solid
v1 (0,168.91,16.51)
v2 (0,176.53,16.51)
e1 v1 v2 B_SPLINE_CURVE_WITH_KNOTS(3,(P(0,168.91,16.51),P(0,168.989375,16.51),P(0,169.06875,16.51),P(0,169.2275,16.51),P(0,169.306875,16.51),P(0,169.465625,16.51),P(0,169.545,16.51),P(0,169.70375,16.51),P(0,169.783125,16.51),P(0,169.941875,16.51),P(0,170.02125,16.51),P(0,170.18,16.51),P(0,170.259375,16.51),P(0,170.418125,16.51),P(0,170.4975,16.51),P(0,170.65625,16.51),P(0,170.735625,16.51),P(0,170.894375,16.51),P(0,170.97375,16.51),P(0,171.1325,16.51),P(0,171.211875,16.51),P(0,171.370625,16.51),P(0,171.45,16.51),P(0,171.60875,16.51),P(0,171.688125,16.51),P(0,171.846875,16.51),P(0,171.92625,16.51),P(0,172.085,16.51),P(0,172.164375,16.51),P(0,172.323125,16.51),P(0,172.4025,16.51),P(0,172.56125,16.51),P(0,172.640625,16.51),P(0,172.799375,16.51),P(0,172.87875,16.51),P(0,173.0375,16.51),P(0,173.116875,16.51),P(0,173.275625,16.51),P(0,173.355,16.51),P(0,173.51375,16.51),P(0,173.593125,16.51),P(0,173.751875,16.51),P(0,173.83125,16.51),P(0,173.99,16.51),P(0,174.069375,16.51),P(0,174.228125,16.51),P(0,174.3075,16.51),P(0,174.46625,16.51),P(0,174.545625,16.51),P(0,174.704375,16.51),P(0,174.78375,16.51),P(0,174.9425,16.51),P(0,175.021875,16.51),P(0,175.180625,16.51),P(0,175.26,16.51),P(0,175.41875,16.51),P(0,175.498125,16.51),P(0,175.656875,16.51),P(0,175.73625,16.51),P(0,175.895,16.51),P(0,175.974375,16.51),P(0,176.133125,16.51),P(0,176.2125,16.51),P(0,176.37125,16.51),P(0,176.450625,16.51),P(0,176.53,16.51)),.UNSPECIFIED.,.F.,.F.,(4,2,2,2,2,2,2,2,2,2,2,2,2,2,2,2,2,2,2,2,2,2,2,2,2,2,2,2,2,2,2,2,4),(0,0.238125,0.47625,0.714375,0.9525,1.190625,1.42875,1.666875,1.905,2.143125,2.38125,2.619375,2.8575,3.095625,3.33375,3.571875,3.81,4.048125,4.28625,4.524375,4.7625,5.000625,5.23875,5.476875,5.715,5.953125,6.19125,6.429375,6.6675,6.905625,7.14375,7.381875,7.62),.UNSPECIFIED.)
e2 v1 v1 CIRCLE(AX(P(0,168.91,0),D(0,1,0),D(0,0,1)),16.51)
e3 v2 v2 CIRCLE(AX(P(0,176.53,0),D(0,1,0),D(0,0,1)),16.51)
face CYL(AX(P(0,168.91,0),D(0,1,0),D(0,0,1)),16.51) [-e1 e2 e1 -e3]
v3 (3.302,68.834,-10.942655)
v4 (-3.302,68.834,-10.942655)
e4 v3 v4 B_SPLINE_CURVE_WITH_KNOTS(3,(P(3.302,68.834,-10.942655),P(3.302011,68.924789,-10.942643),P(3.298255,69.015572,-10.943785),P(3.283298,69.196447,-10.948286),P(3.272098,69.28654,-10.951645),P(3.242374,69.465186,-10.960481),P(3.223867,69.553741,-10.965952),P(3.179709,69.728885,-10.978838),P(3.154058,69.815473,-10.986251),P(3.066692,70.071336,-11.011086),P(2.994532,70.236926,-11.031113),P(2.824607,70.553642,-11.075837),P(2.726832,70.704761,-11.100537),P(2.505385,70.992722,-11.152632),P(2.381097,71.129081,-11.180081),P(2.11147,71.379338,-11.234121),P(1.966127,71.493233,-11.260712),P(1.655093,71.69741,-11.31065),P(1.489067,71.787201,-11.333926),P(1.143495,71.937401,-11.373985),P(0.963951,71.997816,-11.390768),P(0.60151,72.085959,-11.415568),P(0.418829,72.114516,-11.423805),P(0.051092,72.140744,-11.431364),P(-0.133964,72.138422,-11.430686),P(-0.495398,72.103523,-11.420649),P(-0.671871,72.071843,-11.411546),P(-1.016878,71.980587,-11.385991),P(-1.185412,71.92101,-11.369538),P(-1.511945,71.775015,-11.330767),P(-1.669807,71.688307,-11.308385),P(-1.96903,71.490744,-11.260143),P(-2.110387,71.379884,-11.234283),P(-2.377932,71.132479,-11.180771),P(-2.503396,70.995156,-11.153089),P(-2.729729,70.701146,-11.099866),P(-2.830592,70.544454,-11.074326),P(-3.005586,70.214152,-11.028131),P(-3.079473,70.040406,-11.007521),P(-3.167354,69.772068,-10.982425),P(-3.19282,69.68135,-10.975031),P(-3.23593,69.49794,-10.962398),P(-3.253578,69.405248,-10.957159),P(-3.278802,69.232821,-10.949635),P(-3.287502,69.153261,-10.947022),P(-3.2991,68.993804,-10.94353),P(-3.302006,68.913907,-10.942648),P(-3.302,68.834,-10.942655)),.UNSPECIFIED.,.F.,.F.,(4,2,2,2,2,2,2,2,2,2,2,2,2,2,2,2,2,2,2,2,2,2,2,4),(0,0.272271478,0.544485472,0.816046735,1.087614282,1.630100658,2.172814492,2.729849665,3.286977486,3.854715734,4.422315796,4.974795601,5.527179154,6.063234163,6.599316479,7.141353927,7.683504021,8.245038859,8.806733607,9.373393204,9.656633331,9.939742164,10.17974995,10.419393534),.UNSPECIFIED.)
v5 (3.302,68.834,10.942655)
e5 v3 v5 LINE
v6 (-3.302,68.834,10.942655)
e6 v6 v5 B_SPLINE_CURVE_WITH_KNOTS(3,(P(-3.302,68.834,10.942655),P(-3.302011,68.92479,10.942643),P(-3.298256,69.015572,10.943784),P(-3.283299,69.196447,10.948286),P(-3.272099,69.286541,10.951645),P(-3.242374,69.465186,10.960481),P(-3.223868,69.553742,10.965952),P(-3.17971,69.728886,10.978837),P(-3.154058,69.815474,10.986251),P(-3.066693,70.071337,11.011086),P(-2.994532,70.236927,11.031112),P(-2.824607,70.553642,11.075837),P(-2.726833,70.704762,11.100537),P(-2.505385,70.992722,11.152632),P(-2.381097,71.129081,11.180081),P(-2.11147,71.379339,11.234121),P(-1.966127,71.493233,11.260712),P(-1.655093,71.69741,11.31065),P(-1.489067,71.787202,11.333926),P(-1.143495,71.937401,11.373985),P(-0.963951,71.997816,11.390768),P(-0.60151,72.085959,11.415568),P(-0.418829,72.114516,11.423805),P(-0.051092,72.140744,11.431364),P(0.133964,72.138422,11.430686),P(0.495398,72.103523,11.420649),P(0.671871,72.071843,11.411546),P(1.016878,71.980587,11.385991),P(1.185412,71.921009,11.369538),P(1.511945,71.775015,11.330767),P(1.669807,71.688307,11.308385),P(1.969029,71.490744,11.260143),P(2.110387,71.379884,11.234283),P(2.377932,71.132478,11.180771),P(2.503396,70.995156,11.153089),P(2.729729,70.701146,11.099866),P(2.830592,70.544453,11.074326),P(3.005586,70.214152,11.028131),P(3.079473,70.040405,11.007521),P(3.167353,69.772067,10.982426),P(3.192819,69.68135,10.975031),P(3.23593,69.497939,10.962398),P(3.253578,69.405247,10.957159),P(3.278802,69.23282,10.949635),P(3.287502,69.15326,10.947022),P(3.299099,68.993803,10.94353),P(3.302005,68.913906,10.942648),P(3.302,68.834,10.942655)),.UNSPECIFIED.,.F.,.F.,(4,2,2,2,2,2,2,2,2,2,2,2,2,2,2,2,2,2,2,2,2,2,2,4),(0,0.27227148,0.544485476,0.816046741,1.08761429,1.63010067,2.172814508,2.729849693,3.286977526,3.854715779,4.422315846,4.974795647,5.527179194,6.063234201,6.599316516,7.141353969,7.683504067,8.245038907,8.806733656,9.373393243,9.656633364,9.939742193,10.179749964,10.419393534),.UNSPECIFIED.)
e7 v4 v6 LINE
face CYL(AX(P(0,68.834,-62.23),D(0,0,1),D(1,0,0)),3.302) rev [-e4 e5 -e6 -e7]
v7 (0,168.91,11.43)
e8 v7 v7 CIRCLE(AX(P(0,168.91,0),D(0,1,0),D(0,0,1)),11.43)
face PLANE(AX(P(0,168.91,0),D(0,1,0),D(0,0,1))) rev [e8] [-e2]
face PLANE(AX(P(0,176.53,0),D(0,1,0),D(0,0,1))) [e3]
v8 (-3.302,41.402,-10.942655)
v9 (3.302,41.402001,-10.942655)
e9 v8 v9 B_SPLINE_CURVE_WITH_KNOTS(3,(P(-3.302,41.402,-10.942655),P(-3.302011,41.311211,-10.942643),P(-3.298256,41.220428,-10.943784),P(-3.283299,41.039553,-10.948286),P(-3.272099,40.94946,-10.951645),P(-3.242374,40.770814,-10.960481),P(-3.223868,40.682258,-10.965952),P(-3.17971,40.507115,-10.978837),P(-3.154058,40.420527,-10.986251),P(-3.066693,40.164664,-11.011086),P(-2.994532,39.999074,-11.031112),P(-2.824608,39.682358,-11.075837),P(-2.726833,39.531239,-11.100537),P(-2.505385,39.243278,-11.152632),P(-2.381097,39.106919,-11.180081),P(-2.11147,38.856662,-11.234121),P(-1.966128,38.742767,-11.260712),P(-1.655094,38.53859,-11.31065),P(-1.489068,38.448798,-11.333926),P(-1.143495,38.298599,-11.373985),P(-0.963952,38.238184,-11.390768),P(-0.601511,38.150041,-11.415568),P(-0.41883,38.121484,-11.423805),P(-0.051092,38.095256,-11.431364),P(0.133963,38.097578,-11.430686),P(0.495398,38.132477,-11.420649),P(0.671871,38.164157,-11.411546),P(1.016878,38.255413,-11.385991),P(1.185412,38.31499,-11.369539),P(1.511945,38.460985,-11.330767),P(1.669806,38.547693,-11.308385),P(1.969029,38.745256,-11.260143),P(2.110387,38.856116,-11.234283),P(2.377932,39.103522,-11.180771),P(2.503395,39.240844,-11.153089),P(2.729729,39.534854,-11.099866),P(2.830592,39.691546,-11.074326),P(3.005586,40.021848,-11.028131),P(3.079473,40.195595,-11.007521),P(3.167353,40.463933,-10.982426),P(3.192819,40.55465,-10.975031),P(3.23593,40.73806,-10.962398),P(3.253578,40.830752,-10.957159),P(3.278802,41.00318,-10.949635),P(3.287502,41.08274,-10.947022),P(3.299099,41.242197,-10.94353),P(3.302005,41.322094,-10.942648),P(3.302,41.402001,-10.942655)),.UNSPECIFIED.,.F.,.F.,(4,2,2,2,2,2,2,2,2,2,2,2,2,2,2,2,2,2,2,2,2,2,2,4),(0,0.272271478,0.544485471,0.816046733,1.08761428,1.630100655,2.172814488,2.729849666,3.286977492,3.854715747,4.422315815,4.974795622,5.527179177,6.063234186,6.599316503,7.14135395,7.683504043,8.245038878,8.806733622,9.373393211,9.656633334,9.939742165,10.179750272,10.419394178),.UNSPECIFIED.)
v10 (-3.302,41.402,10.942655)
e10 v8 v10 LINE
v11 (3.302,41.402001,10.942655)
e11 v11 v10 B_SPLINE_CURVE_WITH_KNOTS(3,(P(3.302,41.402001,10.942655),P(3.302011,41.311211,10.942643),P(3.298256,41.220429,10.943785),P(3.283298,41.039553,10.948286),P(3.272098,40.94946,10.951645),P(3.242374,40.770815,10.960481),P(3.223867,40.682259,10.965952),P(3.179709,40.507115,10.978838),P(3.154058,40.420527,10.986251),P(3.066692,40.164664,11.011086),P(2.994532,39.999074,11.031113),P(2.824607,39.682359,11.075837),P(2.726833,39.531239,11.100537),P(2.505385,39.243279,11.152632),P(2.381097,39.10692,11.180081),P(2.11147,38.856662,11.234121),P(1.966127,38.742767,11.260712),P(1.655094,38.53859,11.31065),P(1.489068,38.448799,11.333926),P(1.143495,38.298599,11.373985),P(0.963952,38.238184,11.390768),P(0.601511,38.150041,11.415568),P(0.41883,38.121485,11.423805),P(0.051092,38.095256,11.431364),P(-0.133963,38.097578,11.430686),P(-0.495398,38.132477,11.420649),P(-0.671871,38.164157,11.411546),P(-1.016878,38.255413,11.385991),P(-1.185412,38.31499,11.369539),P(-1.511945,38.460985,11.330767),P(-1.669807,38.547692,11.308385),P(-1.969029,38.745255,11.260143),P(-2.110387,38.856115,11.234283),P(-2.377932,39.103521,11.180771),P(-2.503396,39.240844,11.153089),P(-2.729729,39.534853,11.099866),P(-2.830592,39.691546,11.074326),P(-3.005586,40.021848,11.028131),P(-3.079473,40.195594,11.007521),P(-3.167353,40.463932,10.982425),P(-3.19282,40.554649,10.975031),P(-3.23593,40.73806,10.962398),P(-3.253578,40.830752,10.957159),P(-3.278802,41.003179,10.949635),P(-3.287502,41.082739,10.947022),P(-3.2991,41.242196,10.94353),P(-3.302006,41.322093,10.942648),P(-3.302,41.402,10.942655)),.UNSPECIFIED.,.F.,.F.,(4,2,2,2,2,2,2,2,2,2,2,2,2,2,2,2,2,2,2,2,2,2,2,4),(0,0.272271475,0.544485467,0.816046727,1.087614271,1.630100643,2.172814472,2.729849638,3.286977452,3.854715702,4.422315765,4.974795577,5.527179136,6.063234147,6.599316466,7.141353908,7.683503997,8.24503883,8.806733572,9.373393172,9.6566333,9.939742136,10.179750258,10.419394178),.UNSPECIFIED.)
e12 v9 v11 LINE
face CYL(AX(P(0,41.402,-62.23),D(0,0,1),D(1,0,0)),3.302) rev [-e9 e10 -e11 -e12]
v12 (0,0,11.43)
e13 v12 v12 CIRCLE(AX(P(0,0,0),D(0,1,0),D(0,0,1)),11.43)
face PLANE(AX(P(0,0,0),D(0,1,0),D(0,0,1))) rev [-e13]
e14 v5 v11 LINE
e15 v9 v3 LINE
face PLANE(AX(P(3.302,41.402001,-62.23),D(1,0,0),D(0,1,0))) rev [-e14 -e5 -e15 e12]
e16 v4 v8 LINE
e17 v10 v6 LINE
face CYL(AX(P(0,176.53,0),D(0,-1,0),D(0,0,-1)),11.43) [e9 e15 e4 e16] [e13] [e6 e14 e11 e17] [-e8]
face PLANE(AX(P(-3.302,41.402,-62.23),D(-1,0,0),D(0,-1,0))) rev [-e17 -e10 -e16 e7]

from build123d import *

# Parameters (mm, degrees)
SKETCH1_R           = 11.43
BOSS_EXTRUDE1_DEPTH = 176.53
CUT_EXTRUDE1_DEPTH  = 73.66
BOSS_EXTRUDE2_START = -7.62
SKETCH3_R           = 16.51
SKETCH3_R_2         = 11.43
BOSS_EXTRUDE2_DEPTH = 7.62


with BuildPart() as part:
    # Sketch1 → Boss-Extrude1 (new body)
    with BuildSketch(Plane(origin=(0, 0, 0), x_dir=(1, 0, 0), z_dir=(0, 1, 0))):
        with Locations(Location((0, 0, 0), (0, 0, 270))):
            Circle(SKETCH1_R)
    extrude(amount=BOSS_EXTRUDE1_DEPTH)

    # Sketch2 → Cut-Extrude1 (cut)
    with BuildSketch(Plane.XY.offset(11.43)):
        with BuildLine():
            Line((3.301999683, 41.402000653), (3.301999683, 68.83399967))
            ThreePointArc((3.301999683, 68.83399967), (0, 72.136), (-3.302000317, 68.834000304))
            Line((-3.302000317, 68.834000304), (-3.302000317, 41.402000019))
            ThreePointArc((-3.302000317, 41.402000019), (0, 38.1), (3.301999683, 41.402000653))
        make_face()
    extrude(amount=-CUT_EXTRUDE1_DEPTH, mode=Mode.SUBTRACT)

    # Sketch3 → Boss-Extrude2 (add)
    with BuildSketch(Plane(origin=(0, 176.53, 0), x_dir=(1, 0, 0), z_dir=(0, 1, 0)).offset(BOSS_EXTRUDE2_START)):
        with Locations(Location((0, 0, 0), (0, 0, 270))):
            Circle(SKETCH3_R)
        with Locations(Location((0, 0, 0), (0, 0, 270))):
            Circle(SKETCH3_R_2, mode=Mode.SUBTRACT)
    extrude(amount=BOSS_EXTRUDE2_DEPTH)


solid = part.part
